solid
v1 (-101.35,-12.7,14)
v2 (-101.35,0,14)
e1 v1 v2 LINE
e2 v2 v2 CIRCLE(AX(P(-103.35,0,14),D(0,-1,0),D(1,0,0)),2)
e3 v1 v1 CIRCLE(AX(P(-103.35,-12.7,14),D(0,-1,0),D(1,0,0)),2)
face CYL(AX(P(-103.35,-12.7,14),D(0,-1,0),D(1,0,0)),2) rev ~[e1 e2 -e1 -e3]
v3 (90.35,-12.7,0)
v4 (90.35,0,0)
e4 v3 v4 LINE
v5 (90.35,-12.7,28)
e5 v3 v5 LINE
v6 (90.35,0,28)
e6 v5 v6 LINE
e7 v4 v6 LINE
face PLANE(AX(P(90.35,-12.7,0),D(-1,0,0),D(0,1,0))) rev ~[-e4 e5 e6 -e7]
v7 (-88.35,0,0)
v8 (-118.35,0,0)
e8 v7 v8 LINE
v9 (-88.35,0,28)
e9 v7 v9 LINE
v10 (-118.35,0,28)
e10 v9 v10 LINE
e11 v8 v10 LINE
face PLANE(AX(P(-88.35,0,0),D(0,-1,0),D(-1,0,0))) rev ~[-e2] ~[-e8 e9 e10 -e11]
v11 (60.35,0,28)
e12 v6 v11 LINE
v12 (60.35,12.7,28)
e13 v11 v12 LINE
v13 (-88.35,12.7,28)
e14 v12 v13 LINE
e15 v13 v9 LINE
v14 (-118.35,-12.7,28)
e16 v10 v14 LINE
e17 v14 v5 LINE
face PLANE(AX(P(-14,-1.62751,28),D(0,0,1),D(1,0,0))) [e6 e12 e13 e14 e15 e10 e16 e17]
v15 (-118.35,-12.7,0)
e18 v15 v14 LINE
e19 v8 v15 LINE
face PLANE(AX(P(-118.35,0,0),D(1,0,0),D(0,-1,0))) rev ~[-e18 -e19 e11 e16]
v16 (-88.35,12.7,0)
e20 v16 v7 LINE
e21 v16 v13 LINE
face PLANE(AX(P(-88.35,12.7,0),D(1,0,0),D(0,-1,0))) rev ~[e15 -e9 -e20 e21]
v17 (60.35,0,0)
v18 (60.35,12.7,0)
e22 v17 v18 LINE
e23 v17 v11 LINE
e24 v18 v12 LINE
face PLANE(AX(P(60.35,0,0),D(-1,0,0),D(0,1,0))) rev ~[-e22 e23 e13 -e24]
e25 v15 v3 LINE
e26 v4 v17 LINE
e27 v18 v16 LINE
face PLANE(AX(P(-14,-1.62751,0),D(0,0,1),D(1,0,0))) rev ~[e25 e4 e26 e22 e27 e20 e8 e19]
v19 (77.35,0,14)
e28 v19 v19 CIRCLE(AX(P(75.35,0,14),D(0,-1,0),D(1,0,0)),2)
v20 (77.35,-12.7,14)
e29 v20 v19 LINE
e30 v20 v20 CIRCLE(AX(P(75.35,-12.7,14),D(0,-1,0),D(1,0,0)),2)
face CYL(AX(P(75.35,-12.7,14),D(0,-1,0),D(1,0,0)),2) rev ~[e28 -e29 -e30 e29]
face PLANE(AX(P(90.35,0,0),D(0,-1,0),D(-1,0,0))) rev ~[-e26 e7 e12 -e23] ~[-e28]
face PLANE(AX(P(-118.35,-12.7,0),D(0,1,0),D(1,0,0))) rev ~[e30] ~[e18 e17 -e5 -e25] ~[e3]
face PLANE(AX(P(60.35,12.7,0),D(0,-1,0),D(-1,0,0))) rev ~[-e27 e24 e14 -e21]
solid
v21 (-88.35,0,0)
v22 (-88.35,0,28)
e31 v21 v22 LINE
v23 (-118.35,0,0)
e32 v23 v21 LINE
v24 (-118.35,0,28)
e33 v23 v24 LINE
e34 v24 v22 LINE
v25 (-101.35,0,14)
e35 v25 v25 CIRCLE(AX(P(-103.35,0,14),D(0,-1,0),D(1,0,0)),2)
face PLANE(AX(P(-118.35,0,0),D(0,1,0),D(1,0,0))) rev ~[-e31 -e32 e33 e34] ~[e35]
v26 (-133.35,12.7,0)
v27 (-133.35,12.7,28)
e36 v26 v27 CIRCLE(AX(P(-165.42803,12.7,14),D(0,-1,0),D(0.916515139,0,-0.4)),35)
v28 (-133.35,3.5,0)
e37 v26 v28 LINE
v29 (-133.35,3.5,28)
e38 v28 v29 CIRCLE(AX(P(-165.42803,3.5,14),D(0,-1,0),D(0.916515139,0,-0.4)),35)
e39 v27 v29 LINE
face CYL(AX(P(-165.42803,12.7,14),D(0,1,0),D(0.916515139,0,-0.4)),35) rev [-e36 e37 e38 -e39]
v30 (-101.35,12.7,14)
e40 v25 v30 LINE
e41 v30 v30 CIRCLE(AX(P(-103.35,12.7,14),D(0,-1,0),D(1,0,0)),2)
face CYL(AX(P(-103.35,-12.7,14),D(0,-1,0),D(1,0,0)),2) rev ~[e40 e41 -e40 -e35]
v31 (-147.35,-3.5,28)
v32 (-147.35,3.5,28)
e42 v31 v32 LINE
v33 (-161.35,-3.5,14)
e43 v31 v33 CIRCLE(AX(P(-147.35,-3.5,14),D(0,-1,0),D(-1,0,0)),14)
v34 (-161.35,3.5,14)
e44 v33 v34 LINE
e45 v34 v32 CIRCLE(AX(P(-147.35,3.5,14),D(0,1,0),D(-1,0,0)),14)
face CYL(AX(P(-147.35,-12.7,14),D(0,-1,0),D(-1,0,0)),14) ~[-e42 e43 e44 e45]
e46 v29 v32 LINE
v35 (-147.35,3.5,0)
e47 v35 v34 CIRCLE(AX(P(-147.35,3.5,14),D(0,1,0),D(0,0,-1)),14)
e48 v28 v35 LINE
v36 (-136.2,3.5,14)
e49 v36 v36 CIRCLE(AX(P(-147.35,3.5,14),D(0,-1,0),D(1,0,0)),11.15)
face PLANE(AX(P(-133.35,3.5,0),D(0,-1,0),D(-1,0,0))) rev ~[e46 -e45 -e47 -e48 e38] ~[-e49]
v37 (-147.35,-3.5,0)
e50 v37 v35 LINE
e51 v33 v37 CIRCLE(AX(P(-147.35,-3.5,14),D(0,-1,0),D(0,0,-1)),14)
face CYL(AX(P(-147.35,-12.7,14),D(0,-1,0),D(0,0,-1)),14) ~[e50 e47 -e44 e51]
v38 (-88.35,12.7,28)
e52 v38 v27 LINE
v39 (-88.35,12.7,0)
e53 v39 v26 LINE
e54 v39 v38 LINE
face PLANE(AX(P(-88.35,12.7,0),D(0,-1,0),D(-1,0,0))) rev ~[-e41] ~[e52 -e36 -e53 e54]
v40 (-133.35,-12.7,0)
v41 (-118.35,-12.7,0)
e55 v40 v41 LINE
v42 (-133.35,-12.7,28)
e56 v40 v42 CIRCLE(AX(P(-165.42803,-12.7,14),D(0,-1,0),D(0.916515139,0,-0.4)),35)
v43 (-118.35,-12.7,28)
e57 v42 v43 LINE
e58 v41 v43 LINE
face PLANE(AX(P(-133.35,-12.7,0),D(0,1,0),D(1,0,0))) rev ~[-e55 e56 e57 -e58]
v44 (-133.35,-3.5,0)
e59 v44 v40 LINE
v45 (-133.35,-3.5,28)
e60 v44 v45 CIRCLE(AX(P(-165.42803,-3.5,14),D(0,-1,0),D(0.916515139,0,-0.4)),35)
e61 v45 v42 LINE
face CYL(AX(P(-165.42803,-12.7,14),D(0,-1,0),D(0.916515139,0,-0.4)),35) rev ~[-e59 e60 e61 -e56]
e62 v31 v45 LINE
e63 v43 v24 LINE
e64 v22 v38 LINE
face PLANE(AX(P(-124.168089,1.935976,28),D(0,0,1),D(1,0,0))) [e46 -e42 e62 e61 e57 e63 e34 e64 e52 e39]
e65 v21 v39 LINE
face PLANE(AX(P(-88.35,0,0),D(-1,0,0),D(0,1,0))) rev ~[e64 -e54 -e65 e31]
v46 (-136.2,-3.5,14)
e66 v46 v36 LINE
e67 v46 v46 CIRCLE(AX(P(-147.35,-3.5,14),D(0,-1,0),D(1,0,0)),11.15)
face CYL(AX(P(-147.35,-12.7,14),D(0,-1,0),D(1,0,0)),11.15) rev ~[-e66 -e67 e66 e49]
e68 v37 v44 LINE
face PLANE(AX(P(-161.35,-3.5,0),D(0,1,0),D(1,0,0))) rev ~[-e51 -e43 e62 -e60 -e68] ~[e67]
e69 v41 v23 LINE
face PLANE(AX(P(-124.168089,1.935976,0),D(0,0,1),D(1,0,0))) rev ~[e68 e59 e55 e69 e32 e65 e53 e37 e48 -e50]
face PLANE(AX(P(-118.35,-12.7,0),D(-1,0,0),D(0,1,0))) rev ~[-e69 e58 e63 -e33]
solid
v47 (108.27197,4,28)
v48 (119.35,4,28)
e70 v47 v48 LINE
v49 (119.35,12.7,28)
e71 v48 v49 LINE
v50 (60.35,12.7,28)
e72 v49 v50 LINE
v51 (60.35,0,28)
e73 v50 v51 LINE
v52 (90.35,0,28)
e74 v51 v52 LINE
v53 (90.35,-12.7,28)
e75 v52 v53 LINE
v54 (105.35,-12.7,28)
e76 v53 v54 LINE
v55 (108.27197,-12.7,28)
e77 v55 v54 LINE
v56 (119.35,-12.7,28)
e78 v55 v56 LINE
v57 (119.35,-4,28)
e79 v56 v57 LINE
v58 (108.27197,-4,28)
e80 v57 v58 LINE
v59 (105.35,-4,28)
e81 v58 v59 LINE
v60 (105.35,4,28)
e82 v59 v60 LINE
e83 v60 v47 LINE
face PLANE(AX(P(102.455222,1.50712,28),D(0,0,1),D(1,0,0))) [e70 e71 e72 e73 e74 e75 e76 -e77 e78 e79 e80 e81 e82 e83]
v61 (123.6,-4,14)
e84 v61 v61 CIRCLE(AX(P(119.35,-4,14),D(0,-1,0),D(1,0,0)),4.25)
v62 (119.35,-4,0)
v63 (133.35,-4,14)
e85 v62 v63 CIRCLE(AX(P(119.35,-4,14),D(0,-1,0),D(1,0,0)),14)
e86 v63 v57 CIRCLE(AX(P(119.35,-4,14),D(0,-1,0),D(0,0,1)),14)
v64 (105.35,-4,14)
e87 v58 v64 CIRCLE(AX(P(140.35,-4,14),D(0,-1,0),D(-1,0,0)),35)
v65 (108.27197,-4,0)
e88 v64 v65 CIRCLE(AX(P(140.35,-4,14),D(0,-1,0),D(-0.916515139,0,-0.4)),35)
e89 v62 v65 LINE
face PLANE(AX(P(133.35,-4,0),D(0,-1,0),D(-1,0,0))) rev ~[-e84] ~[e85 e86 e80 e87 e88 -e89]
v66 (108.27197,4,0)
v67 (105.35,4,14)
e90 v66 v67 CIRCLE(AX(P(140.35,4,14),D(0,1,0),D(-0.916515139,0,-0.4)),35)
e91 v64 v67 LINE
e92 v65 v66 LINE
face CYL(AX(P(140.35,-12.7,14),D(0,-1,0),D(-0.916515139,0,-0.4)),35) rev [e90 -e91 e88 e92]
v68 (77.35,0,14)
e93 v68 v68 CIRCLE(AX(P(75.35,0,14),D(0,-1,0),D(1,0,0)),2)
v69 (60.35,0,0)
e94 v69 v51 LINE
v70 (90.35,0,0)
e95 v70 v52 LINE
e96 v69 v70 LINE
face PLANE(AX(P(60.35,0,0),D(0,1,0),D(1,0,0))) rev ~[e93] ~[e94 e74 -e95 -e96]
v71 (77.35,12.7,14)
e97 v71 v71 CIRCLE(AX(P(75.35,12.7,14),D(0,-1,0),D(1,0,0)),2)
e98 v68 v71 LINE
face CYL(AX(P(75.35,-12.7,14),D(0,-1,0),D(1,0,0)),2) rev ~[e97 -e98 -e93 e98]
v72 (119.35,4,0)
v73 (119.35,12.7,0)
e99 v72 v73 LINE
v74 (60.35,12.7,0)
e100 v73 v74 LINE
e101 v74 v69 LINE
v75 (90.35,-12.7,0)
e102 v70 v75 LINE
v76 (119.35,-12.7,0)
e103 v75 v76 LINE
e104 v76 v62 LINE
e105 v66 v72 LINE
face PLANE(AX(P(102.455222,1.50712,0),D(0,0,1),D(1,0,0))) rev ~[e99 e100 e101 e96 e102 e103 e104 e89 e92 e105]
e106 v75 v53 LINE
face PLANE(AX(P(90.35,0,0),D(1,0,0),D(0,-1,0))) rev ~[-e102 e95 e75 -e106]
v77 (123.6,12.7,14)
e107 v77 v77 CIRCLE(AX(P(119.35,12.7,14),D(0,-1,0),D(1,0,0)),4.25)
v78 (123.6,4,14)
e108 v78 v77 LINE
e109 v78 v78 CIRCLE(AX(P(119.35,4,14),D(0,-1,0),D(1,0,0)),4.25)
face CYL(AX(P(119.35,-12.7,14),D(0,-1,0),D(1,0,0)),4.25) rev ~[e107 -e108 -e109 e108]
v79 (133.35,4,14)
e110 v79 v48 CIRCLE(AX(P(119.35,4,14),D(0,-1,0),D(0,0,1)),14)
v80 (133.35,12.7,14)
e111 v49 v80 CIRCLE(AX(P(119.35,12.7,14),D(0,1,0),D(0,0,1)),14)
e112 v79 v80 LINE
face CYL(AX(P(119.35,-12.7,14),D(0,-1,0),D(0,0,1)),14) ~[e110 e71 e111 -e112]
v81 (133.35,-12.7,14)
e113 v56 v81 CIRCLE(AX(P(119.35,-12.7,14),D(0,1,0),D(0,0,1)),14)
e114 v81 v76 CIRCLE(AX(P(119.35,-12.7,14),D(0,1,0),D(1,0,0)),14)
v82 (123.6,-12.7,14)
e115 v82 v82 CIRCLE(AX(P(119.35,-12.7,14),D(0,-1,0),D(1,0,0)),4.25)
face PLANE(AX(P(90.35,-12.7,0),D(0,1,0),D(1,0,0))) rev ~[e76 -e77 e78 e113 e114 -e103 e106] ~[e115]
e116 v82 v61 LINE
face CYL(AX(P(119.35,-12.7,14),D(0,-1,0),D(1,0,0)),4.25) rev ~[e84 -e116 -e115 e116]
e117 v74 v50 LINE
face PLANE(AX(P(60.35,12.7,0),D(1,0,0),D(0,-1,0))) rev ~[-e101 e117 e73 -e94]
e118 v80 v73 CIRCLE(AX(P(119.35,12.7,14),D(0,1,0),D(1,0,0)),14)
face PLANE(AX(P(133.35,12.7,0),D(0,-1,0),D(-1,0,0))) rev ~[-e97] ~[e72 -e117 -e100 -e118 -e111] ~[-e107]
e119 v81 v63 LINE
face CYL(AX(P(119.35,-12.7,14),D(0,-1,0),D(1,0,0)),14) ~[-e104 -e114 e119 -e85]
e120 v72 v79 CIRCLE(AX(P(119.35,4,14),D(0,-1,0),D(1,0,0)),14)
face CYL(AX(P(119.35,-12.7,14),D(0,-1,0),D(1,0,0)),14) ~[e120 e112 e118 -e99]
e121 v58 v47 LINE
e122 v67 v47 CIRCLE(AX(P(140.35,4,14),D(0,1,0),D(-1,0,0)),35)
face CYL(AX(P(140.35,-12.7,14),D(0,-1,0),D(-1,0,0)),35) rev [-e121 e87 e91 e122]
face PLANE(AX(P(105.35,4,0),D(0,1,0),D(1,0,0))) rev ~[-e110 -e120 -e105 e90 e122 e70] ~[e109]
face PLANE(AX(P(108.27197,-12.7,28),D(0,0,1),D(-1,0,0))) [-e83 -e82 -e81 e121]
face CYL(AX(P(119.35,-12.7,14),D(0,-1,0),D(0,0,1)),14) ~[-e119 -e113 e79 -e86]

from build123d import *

# Parameters (mm, degrees)
F2_DEPTH  = 28
F3_DEPTH  = 28
F4_DEPTH  = 28
F5_R      = 11.15
F6_DEPTH  = 16.2
F5_R_2    = 4.25
F7_DEPTH  = 25.4
F8_DEPTH  = 16.7
F9_DEPTH  = 9.2
F12_R     = 2
F13_DEPTH = 25.4


with BuildPart() as f2:
    # F1 (on Top) → F2 (new body)
    with BuildSketch(Plane.XY):
        Polygon((-88.35, 12.7), (-133.35, 12.7), (-133.35, 3.5), (-161.35, 3.5), (-161.35, -3.5), (-133.35, -3.5), (-133.35, -12.7), (-118.35, -12.7), (-118.35, 0), (-88.35, 0), align=None)
    extrude(amount=F2_DEPTH)

    # F5 (on face) → F6 (cut, through all)
    with BuildSketch(Plane.XZ.offset(12.7)):
        with Locations((-147.35, 14)):
            Circle(F5_R)
        with BuildLine():
            Line((-161.35, 28), (-161.35, 14))
            ThreePointArc((-161.35, 14), (-157.2494949366, 23.8994949366), (-147.35, 28))
            Line((-147.35, 28), (-161.35, 28))
        make_face()
        with BuildLine():
            Line((-161.35, 14), (-161.35, 0))
            Line((-161.35, 0), (-147.35, 0))
            ThreePointArc((-147.35, 0), (-157.2494949366, 4.1005050634), (-161.35, 14))
        make_face()
    extrude(amount=-F6_DEPTH, mode=Mode.SUBTRACT)

    # F10: F9 across plane


with BuildPart() as f3:
    # F1 (on Top) → F3 (new body, through all)
    with BuildSketch(Plane.XY):
        Polygon((60.35, 12.7), (-88.35, 12.7), (-88.35, 0), (-118.35, 0), (-118.35, -12.7), (90.35, -12.7), (90.35, 0), (60.35, 0), align=None)
    extrude(amount=F3_DEPTH)


with BuildPart() as f4:
    # F1 (on Top) → F4 (new body, through all)
    with BuildSketch(Plane.XY):
        Polygon((133.35, 12.7), (60.35, 12.7), (60.35, 0), (90.35, 0), (90.35, -12.7), (133.35, -12.7), (133.35, -4), (105.35, -4), (105.35, 4), (133.35, 4), align=None)
    extrude(amount=F4_DEPTH)

    # F5 (on face) → F7 (cut, through all)
    with BuildSketch(Plane.XZ.offset(12.7)):
        with Locations((119.35, 14)):
            Circle(F5_R_2)
        with BuildLine():
            Line((133.35, 28), (119.35, 28.0000000002))
            ThreePointArc((119.35, 28.0000000001), (129.2494949366, 23.8994949367), (133.35, 14.0000000001))
            Line((133.35, 14.0000000001), (133.35, 28))
        make_face()
        with BuildLine():
            ThreePointArc((133.35, 14.0000000001), (129.2494949366, 4.1005050634), (119.35, 0))
            Line((119.35, 0), (133.35, 0))
            Line((133.35, 1e-10), (133.35, 14.0000000001))
        make_face()
    extrude(amount=-F7_DEPTH, mode=Mode.SUBTRACT)

    # F5 (on face) → F8 (join, through all)
    with BuildSketch(Plane.XZ.offset(12.7)):
        with BuildLine():
            Line((105.35, 28.0000000004), (105.35, 14.0000000001))
            ThreePointArc((105.35, 14.0000000001), (106.0882790475, 21.1508375293), (108.2719701354, 28.0000000003))
            Line((108.2719701354, 28.0000000003), (105.35, 28.0000000004))
        make_face()
        with BuildLine():
            Line((105.35, 14.0000000001), (105.35, 2e-10))
            Line((105.35, 0), (108.2719701353, 0))
            ThreePointArc((108.2719701353, 0), (106.0882790474, 6.8491624709), (105.35, 14.0000000001))
        make_face()
    extrude(amount=-F8_DEPTH)


with BuildPart() as f9:
    # F5 (on face) → F9 (new body, through all)
    with BuildSketch(Plane.XZ.offset(12.7)):
        with BuildLine():
            Line((-133.35, 28), (-133.35, 0))
            ThreePointArc((-133.35, 0), (-130.4280298647, 14), (-133.35, 28))
        make_face()
    extrude(amount=-F9_DEPTH)


with BuildPart() as f2_1:
    add(f2.part)
    add(f9.part.mirror(Plane.XZ), mode=Mode.SUBTRACT)

    # F11: cut F9
    add(f9.part, mode=Mode.SUBTRACT)


with BuildPart() as f13_tool:
    # F12 (on face) → F13 (new body, through all)
    with BuildSketch(Plane.XZ.offset(12.7)):
        with Locations((-103.35, 14)):
            Circle(F12_R)
        with Locations((75.35, 14.0000000006)):
            Circle(F12_R)
    extrude(amount=-F13_DEPTH)


with BuildPart() as f2_2:
    add(f2_1.part)

    # F13: cut by f13_tool
    add(f13_tool.part, mode=Mode.SUBTRACT)


with BuildPart() as f3_1:
    add(f3.part)

    # F13: cut by f13_tool
    add(f13_tool.part, mode=Mode.SUBTRACT)


with BuildPart() as f4_1:
    add(f4.part)

    # F13: cut by f13_tool
    add(f13_tool.part, mode=Mode.SUBTRACT)


solid = Compound([f2_2.part, f3_1.part, f4_1.part])
